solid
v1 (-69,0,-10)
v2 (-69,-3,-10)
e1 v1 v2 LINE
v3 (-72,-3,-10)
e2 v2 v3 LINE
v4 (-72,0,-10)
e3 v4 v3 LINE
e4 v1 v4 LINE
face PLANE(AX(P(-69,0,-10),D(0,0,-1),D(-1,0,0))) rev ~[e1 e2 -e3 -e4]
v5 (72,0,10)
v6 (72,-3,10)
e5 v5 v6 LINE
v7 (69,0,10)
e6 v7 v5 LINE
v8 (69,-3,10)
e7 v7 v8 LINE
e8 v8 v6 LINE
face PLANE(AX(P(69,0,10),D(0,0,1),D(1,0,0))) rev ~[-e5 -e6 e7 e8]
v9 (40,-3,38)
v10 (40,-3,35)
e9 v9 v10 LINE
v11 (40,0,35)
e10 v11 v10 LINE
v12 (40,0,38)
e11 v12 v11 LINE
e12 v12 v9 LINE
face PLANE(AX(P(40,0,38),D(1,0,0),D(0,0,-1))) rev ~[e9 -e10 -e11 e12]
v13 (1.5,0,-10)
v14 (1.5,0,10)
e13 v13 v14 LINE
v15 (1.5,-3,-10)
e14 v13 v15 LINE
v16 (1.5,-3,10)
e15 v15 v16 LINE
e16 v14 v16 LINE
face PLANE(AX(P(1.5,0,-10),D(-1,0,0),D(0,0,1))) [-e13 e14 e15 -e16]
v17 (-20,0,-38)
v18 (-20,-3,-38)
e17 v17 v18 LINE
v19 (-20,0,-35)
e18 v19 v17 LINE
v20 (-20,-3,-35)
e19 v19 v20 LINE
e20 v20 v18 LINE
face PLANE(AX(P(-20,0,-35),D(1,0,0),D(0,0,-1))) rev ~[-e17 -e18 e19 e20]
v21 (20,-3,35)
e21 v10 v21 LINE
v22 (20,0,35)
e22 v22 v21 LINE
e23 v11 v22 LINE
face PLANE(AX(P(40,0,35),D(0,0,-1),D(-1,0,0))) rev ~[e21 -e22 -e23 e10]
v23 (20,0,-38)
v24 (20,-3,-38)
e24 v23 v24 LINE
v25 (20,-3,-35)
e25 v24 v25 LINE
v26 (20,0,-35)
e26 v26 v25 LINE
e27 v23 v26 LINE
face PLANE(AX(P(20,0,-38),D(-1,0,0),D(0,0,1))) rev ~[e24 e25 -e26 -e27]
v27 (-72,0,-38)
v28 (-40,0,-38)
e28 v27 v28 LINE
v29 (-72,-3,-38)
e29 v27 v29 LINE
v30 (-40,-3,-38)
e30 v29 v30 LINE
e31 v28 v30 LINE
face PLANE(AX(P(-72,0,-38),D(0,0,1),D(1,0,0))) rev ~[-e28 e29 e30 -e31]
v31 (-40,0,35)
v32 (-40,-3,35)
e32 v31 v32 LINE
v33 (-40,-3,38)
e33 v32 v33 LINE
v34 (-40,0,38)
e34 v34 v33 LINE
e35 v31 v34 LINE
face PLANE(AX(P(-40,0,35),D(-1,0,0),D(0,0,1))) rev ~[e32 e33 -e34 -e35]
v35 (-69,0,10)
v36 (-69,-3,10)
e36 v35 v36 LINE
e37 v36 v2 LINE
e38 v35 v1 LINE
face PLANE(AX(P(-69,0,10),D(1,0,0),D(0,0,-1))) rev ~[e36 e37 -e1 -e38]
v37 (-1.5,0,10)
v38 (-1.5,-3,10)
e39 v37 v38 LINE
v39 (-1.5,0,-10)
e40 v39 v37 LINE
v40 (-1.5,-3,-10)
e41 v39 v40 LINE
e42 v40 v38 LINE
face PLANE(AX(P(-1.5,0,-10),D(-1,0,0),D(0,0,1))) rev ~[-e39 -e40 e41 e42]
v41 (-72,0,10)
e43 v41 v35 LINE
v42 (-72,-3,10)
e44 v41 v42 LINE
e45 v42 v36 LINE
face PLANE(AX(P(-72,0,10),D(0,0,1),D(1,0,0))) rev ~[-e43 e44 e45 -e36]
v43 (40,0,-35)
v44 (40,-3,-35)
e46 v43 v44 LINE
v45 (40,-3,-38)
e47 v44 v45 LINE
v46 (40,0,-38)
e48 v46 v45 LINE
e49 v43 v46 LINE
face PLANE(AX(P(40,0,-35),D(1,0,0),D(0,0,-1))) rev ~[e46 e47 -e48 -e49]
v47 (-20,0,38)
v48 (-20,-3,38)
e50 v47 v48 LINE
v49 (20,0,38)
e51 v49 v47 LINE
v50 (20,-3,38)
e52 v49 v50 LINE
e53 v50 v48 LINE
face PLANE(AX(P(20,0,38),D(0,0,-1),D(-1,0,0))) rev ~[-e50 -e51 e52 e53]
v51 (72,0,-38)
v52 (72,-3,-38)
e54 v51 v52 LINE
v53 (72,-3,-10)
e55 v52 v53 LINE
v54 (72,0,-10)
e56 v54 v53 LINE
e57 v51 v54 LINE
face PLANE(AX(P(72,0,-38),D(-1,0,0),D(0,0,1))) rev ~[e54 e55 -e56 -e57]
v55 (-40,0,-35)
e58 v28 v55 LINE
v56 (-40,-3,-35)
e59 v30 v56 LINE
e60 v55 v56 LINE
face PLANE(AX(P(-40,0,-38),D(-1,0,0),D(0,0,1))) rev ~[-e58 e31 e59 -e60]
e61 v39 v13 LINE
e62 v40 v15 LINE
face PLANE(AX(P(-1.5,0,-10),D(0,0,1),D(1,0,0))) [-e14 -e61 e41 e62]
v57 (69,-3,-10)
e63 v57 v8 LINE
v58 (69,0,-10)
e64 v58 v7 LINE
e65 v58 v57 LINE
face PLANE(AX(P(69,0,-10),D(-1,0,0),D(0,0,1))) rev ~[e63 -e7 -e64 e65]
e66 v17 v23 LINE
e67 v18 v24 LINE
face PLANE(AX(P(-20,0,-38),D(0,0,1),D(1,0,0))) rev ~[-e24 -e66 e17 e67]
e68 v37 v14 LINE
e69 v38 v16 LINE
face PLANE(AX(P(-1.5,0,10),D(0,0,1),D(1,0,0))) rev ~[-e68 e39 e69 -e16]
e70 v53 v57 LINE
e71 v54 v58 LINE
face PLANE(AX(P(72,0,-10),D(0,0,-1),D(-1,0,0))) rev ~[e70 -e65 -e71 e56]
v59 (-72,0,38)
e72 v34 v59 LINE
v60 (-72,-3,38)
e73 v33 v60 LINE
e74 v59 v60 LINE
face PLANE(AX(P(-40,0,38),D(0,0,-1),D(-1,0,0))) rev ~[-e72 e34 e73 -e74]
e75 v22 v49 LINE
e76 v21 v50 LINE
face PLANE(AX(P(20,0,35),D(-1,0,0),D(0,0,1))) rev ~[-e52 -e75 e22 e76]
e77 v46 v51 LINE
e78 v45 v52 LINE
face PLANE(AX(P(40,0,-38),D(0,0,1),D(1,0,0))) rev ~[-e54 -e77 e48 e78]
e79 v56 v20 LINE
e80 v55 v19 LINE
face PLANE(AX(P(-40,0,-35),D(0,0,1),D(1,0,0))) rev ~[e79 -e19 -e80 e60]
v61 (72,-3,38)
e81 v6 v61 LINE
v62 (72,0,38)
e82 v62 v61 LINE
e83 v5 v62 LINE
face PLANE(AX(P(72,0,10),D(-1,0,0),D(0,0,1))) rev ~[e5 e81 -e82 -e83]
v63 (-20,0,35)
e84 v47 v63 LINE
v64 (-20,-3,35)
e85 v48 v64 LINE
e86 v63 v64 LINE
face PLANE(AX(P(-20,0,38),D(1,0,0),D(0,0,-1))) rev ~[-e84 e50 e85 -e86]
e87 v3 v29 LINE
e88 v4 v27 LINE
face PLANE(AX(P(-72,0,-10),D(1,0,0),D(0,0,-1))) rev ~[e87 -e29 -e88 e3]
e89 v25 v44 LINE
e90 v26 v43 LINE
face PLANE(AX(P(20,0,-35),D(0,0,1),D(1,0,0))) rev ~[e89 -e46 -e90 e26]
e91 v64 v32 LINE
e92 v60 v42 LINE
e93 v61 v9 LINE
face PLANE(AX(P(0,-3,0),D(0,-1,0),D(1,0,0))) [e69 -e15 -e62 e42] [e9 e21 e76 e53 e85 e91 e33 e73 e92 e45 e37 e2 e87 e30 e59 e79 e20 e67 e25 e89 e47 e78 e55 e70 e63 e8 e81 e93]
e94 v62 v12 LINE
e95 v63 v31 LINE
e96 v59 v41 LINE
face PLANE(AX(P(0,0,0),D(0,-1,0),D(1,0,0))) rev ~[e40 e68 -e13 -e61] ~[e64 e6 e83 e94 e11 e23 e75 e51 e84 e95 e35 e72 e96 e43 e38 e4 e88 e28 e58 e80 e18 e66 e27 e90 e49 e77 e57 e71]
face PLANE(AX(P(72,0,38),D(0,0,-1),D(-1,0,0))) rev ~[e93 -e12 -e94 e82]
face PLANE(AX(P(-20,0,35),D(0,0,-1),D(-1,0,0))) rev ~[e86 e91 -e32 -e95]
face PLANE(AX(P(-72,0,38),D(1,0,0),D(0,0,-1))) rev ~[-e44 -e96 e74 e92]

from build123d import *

# Parameters (mm, degrees)
F0_W     = 3
F0_H     = 20
F1_DEPTH = 3


with BuildPart() as f1:
    # F0 (on Front) → F1 (new body)
    with BuildSketch(Plane.XZ):
        Polygon((40, -38), (72, -38), (72, -10), (69, -10), (69, 10), (72, 10), (72, 38), (40, 38), (40, 35), (20, 35), (20, 38), (-20, 38), (-20, 35), (-40, 35), (-40, 38), (-72, 38), (-72, 10), (-69, 10), (-69, -10), (-72, -10), (-72, -38), (-40, -38), (-40, -35), (-20, -35), (-20, -38), (20, -38), (20, -35), (40, -35), align=None)
        Rectangle(F0_W, F0_H, mode=Mode.SUBTRACT)
    extrude(amount=F1_DEPTH)


solid = f1.part
